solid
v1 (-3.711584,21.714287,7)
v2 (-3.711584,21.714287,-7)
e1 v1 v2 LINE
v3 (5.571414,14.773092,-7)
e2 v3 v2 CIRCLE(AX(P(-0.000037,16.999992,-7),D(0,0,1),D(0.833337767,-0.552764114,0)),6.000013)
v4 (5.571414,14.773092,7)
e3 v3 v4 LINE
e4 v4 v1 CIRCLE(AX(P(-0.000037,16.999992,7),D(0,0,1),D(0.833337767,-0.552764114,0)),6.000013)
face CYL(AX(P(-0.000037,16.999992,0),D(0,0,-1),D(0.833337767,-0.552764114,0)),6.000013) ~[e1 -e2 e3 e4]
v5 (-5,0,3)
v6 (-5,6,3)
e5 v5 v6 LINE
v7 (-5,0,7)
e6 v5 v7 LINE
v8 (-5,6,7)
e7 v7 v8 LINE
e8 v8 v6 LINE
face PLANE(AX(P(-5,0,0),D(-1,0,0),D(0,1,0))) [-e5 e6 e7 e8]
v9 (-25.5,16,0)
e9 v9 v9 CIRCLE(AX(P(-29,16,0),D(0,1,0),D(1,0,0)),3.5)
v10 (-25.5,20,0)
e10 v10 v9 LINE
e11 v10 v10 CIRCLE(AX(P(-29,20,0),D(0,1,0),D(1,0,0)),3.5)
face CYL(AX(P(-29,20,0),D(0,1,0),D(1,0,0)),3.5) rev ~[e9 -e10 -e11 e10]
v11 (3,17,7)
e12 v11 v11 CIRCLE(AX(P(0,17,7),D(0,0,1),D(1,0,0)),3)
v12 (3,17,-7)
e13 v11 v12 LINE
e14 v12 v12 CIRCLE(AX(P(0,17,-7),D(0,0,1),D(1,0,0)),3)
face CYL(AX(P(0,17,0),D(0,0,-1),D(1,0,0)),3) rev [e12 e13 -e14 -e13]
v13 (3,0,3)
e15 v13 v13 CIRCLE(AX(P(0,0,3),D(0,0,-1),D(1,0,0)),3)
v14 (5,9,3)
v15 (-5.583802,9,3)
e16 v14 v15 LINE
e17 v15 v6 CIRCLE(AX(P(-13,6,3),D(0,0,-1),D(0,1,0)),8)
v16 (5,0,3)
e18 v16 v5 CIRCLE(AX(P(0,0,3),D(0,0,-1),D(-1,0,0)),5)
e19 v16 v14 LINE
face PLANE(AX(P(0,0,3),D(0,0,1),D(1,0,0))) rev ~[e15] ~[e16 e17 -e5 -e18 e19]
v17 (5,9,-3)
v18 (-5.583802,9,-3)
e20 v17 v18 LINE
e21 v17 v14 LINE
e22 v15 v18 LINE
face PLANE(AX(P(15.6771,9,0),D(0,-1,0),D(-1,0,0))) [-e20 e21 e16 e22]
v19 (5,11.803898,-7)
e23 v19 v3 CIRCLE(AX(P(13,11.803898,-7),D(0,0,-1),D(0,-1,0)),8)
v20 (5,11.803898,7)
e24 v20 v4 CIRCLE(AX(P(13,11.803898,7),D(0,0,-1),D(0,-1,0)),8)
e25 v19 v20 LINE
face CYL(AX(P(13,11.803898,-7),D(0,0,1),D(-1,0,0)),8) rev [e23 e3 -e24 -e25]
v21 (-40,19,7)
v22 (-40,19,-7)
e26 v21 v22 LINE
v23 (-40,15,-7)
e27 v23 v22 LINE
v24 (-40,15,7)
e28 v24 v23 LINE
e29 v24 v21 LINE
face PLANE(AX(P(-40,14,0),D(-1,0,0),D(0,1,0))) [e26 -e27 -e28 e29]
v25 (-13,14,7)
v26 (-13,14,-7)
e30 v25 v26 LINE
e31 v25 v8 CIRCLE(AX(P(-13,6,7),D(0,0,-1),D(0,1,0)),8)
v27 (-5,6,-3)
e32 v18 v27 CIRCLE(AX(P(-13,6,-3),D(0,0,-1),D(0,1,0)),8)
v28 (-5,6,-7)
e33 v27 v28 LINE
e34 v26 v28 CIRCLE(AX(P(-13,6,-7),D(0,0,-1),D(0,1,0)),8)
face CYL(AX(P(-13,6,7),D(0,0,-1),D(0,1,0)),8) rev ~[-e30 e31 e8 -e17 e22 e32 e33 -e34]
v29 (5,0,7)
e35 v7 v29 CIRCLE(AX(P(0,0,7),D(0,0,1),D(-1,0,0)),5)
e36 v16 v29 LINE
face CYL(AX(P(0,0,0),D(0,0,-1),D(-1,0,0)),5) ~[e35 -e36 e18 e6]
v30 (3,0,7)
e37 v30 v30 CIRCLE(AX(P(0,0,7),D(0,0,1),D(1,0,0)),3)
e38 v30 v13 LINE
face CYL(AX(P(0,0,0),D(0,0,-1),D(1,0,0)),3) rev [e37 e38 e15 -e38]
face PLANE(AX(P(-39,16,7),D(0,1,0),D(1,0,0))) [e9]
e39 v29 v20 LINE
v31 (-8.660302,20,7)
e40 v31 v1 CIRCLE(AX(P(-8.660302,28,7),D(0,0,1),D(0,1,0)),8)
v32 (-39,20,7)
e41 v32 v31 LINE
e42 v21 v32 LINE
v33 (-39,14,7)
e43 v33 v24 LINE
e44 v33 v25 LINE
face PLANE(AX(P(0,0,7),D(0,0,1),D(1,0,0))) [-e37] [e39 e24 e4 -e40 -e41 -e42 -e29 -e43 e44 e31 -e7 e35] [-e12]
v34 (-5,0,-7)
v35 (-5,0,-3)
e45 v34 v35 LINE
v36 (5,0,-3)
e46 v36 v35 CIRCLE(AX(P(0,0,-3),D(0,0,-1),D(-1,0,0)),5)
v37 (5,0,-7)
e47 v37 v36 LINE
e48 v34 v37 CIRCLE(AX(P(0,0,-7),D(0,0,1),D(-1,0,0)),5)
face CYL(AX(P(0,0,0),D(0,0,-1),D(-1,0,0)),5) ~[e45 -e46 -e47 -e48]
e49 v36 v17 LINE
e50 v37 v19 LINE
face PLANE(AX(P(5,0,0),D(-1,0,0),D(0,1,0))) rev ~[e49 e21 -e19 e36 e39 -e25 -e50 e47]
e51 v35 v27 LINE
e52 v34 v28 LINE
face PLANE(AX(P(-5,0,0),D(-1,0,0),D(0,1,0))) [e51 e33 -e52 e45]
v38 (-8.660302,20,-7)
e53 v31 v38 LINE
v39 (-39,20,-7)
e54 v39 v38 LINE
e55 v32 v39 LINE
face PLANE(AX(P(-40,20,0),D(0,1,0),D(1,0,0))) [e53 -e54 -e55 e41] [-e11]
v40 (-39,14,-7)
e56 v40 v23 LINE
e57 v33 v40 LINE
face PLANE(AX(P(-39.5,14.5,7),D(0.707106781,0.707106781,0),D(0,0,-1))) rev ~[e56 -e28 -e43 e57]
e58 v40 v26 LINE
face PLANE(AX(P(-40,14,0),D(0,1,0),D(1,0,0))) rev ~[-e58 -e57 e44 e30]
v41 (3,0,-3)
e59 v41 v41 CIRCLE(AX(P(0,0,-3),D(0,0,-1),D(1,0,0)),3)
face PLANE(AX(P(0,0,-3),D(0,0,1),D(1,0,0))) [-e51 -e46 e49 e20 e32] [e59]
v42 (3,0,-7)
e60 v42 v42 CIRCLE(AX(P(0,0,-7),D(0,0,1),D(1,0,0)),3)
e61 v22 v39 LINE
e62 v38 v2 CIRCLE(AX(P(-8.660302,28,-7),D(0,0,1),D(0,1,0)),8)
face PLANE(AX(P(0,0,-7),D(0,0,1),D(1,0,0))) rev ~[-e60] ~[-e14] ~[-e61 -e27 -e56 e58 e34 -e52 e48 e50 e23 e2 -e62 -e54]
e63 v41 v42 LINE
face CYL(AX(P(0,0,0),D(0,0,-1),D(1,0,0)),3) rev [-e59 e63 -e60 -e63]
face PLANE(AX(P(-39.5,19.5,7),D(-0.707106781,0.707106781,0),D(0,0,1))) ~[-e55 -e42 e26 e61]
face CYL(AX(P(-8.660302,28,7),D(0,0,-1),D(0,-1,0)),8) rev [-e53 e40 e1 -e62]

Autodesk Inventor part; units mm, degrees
ref_plane "YZ Plane" through (0, 0, 0) normal (1, 0, 0) x (0, 1, 0)
ref_plane "XZ Plane" through (0, 0, 0) normal (0, 1, 0) x (-1, 0, 0)
ref_plane "XY Plane" through (0, 0, 0) normal (0, 0, 1) x (1, 0, 0)
sketch "스케치1" plane through (0, 0, 0) normal (0, 0, 1) x (1, 0, 0)
  circle A0 centre (0, 0) radius 3
  arc A1 (-5, 0) -> (5, 0) centre (0, 0) ccw
  circle A2 centre (0, 17) radius 3
  line L0 (-5, 0) -> (8.6834, 0) construction
  line L1 (-40, 14) -> (-40, 20)
  line L2 (-40, 20) -> (-5.1962, 20)
  line L3 (5, 0) -> (5, 13.6834)
  line L4 (-40, 14) -> (-5, 14)
  line L5 (-5, 0) -> (-5, 14)
  arc A3 (5, 13.6834) -> (-5.1962, 20) centre (0, 17) ccw
  dimension "d2" = 6
  dimension "d4" = 17
  dimension "d5" = 10
  dimension "d7" = 6
  dimension "d9" = 6
  dimension "d10" = 40
  dimension "d12" = 14
  dimension "d13" = 6
extrude "돌출1" add sketch "스케치1" along normal mid plane 14
chamfer "모따기1" distance 1 angle 45 2 edges at (-40, 20, 0) (-40, 14, 0)
fillet "모깎기1" radius 8 3 edges at (-5, 14, 0) (-5.1962, 20, 0) (5, 13.6834, 0)
sketch "스케치2" plane through (-39, 20, 7) normal (0, 1, 0) x (1, 0, 0)
  circle A0 centre (10, 7) radius 3.5
  line L0 (0, 0) -> (0, 14) projected
  line L1 (30.3397, 0) -> (0, 0) projected
  point P0 (39, 7)
  dimension "d20" = 7
  dimension "d21" = 10
  dimension "d22" = 7
extrude "돌출2" cut sketch "스케치2" against normal blind 4
ref_plane "작업 평면1" through (0, 0, 0) normal (0, 0, 1) x (1, 0, 0)
sketch "스케치3" plane through (0, 0, 0) normal (0, 0, 1) x (1, 0, 0)
  line L0 (15.6771, 9) -> (-15.3905, 9)
  line L1 (-15.3905, 9) -> (-15.3905, -8.77)
  line L2 (-15.3905, -8.77) -> (15.6771, -8.77)
  line L3 (15.6771, -8.77) -> (15.6771, 9)
  arc A0 (-5, 0) -> (5, 0) centre (0, 0) ccw projected
  dimension "d25" = 14
extrude "돌출3" cut sketch "스케치3" along normal mid plane 6
sketch "스케치4" plane through (-39, 20, 7) normal (0, 1, 0) x (1, 0, 0)
  point P0 (39, 7)
properties part number "1번부품"
